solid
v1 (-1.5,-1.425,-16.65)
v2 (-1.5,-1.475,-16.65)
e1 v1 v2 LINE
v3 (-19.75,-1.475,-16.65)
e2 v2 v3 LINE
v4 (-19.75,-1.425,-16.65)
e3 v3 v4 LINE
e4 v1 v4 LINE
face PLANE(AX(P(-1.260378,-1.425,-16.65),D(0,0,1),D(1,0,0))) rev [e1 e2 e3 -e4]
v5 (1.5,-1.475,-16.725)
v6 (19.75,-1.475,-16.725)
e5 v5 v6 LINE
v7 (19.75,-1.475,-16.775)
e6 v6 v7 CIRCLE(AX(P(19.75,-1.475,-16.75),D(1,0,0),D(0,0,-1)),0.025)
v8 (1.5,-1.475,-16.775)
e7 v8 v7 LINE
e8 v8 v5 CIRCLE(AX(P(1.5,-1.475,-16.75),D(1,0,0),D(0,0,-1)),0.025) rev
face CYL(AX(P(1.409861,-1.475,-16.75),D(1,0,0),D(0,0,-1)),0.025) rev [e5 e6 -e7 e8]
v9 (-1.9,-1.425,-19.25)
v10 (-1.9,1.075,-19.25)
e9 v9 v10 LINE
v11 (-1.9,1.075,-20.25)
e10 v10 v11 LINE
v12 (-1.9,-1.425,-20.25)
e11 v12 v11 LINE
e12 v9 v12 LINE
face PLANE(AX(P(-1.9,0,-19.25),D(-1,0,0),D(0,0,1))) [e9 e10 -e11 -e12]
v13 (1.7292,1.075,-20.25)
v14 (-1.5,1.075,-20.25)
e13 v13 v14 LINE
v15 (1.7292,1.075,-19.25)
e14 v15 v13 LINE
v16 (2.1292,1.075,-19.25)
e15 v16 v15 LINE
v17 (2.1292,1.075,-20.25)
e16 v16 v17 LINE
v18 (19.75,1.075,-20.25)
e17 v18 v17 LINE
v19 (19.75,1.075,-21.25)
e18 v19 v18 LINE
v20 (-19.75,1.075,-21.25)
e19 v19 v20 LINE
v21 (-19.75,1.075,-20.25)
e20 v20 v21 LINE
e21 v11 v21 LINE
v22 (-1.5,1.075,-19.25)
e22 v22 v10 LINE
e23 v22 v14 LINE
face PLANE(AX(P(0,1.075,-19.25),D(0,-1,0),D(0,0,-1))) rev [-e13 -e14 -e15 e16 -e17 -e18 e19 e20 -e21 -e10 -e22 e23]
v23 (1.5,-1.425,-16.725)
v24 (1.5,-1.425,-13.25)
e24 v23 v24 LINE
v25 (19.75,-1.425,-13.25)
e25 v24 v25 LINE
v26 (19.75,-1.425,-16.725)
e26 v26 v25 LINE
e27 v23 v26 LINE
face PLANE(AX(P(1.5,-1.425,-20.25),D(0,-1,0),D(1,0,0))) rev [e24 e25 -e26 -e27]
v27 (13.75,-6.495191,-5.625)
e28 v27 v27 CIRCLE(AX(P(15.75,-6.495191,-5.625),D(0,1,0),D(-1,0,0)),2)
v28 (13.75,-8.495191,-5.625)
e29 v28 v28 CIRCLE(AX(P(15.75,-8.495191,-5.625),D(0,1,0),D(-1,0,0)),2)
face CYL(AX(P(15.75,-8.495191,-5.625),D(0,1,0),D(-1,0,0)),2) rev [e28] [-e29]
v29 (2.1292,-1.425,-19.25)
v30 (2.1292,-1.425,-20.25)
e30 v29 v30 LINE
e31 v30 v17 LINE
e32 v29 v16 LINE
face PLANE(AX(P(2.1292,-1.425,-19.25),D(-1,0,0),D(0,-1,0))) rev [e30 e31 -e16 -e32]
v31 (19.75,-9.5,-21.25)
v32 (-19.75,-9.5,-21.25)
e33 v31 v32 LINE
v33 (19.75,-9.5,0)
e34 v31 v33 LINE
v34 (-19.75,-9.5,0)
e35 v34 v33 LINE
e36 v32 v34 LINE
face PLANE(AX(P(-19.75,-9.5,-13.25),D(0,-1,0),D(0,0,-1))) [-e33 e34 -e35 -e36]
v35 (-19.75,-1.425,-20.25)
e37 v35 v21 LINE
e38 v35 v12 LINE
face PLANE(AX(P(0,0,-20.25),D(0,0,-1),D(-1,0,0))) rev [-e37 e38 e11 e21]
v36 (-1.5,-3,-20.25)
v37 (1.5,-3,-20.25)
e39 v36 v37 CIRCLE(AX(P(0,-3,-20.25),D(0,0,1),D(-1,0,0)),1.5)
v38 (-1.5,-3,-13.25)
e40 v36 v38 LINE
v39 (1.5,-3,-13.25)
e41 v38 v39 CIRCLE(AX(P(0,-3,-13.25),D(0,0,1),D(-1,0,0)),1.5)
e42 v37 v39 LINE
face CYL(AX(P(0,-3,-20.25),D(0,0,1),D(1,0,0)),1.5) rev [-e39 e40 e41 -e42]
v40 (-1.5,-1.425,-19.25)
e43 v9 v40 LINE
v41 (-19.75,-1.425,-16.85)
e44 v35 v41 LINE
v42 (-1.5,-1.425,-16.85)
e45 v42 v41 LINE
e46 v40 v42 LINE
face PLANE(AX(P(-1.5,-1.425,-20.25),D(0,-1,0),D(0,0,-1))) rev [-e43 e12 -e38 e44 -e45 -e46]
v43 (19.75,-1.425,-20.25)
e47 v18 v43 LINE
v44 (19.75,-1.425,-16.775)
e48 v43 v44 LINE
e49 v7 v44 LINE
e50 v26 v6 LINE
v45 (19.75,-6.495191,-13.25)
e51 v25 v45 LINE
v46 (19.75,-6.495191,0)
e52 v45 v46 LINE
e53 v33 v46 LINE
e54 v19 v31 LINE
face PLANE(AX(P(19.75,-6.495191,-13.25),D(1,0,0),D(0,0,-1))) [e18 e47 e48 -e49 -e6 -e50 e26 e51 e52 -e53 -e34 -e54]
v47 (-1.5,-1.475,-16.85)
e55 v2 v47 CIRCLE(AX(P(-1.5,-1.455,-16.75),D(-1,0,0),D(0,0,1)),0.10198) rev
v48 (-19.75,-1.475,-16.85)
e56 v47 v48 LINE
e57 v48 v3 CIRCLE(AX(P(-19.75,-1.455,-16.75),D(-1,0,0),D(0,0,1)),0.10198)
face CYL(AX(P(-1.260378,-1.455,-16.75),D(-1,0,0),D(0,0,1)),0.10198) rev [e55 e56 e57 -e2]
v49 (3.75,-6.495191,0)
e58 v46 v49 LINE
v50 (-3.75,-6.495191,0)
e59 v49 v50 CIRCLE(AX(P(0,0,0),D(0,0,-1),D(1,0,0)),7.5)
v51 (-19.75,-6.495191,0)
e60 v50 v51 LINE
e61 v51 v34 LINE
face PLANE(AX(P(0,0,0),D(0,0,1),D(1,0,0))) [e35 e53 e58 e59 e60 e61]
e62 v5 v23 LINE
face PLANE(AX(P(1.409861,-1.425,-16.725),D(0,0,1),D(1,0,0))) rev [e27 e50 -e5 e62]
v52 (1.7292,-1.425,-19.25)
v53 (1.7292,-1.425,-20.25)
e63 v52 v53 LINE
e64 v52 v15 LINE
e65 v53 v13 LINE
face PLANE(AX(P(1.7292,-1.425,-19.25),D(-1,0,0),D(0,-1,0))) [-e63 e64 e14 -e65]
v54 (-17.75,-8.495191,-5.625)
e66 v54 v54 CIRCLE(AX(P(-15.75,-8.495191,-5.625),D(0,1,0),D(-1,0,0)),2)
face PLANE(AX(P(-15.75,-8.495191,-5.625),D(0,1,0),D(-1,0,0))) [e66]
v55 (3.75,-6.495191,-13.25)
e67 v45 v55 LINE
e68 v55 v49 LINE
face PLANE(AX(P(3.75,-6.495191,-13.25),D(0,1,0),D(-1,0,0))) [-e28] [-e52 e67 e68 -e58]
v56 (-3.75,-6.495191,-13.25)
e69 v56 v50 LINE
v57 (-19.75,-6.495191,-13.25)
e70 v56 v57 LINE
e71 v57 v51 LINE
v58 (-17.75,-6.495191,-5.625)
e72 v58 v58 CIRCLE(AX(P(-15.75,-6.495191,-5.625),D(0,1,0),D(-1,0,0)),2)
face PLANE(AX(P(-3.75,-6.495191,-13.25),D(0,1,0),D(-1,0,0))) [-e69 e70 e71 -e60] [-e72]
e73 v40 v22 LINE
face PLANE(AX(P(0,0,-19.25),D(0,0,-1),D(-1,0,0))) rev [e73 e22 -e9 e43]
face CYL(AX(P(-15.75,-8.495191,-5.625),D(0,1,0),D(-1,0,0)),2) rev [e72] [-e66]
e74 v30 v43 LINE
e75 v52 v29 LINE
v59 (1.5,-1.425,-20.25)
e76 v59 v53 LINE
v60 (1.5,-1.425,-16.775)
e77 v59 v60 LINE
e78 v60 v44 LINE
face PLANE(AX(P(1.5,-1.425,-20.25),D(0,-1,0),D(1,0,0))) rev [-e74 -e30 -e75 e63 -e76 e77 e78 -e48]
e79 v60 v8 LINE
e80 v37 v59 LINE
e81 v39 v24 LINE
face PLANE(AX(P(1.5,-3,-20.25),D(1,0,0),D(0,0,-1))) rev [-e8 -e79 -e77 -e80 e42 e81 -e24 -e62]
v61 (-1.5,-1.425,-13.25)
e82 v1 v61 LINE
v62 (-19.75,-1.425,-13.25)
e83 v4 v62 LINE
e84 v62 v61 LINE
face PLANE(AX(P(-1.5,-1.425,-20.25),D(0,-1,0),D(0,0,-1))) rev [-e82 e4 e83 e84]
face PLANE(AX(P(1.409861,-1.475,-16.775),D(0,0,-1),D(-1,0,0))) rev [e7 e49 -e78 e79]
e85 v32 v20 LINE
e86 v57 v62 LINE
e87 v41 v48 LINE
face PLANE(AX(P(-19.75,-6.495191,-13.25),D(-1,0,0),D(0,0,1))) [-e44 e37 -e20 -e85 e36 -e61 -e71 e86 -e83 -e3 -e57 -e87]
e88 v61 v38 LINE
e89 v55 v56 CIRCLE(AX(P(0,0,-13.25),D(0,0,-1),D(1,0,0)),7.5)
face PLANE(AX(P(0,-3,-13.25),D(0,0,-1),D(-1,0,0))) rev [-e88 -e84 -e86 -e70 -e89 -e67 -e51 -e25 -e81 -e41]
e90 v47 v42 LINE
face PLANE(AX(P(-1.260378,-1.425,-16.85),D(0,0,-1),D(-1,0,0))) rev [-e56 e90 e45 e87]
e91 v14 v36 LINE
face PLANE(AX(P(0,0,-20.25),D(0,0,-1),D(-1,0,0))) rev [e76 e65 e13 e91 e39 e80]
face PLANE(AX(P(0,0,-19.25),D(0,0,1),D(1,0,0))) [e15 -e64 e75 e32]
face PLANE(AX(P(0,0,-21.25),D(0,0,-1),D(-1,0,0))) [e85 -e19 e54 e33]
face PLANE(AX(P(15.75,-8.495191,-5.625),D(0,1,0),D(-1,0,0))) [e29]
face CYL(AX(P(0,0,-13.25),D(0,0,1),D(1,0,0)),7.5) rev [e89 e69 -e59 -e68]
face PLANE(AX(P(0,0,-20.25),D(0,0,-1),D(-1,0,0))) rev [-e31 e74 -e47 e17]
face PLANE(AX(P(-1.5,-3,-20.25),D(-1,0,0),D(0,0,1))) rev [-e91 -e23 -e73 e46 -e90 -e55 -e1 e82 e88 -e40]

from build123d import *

# Parameters (mm, degrees)
MOTOR_HOLDER_BODY_EXTRUDE_DEPTH          = 13.25
ROLLER_HOLDER_BODY_EXTRUDE_DEPTH         = 7
ALIGNER_4_W                              = 0.4
ALIGNER_4_H                              = 2.5
ALIGNMENT_RAIL_EXTRUDE_DEPTH             = 1
ALIGNER_W                                = 39.5
ALIGNER_H                                = 10.575
ALIGNMENT_WALL_EXTRUDE_DEPTH             = 1
ELECTRODE_GROOVE_CUT_EXTRUDE_DEPTH       = 18.25
FIBRE_GROOVE_CUT_EXTRUDE_DEPTH           = 18.25
ADJUSTMENT_SCREW_HOLES_R                 = 2
ADJUSTMENT_SCREW_HOLES_CUT_EXTRUDE_DEPTH = 2


with BuildPart() as part:
    # MOTOR HOLDER → Motor Holder Body Extrude (new body)
    with BuildSketch(Plane.XY):
        with BuildLine():
            Line((-19.75, -9.5), (19.75, -9.5))
            Line((19.75, -9.5), (19.75, -6.495190528))
            Line((19.75, -6.495190528), (3.75, -6.495190528))
            ThreePointArc((3.75, -6.495190528), (0, -7.5), (-3.75, -6.495190528))
            Line((-3.75, -6.495190528), (-19.75, -6.495190528))
            Line((-19.75, -6.495190528), (-19.75, -9.5))
        make_face()
    extrude(amount=-MOTOR_HOLDER_BODY_EXTRUDE_DEPTH)

    # ROLLER HOLDER → Roller Holder Body Extrude (add)
    with BuildSketch(Plane(origin=(0, 0, -13.25), x_dir=(-1, 0, 0), z_dir=(0, 0, -1))):
        with BuildLine():
            Line((19.75, -9.5), (-19.75, -9.5))
            Line((-19.75, -9.5), (-19.75, -1.425))
            Line((-19.75, -1.425), (-1.5, -1.425))
            Line((-1.5, -1.425), (-1.5, -3))
            ThreePointArc((-1.5, -3), (0, -4.5), (1.5, -3))
            Line((1.5, -3), (1.5, -1.425))
            Line((1.5, -1.425), (19.75, -1.425))
            Line((19.75, -1.425), (19.75, -9.5))
        make_face()
    extrude(amount=ROLLER_HOLDER_BODY_EXTRUDE_DEPTH)

    # ALIGNER<4> → Alignment Rail Extrude (add)
    with BuildSketch(Plane(origin=(0, 0, -20.25), x_dir=(-1, 0, 0), z_dir=(0, 0, -1))):
        with Locations((1.7, -0.175)):
            Rectangle(ALIGNER_4_W, ALIGNER_4_H)
        with Locations((-1.929199775, -0.175)):
            Rectangle(ALIGNER_4_W, ALIGNER_4_H)
    extrude(amount=-ALIGNMENT_RAIL_EXTRUDE_DEPTH)

    # ALIGNER → Alignment Wall Extrude (add)
    with BuildSketch(Plane(origin=(0, 0, -20.25), x_dir=(-1, 0, 0), z_dir=(0, 0, -1))):
        with Locations((0, -4.2125)):
            Rectangle(ALIGNER_W, ALIGNER_H)
    extrude(amount=ALIGNMENT_WALL_EXTRUDE_DEPTH)

    # ELECTRODE GROOVE → Electrode Groove Cut Extrude (cut)
    with BuildSketch(Plane(origin=(19.75, 0, 0), x_dir=(0, 0, -1), z_dir=(1, 0, 0))):
        with BuildLine():
            Line((16.725, -1.425), (16.775, -1.425))
            Line((16.775, -1.425), (16.775, -1.475))
            ThreePointArc((16.775, -1.475), (16.75, -1.5), (16.725, -1.475))
            Line((16.725, -1.475), (16.725, -1.425))
        make_face()
    extrude(amount=-ELECTRODE_GROOVE_CUT_EXTRUDE_DEPTH, mode=Mode.SUBTRACT)

    # FIBRE GROOVE → Fibre Groove Cut Extrude (cut)
    with BuildSketch(Plane.ZY.offset(19.75)):
        with BuildLine():
            Line((-16.85, -1.425), (-16.85, -1.475))
            ThreePointArc((-16.85, -1.475), (-16.75, -1.55698039), (-16.65, -1.475))
            Line((-16.65, -1.475), (-16.65, -1.425))
            Line((-16.65, -1.425), (-16.85, -1.425))
        make_face()
    extrude(amount=-FIBRE_GROOVE_CUT_EXTRUDE_DEPTH, mode=Mode.SUBTRACT)

    # ADJUSTMENT SCREW HOLES → Adjustment Screw Holes Cut Extrude (cut)
    with BuildSketch(Plane(origin=(0, -6.495190528, 0), x_dir=(1, 0, 0), z_dir=(0, 1, 0))):
        with Locations(Location((-15.75, 5.625, 0), (0, 0, 180))):
            Circle(ADJUSTMENT_SCREW_HOLES_R)
        with Locations(Location((15.75, 5.625, 0), (0, 0, 180))):
            Circle(ADJUSTMENT_SCREW_HOLES_R)
    extrude(amount=-ADJUSTMENT_SCREW_HOLES_CUT_EXTRUDE_DEPTH, mode=Mode.SUBTRACT)


solid = part.part
